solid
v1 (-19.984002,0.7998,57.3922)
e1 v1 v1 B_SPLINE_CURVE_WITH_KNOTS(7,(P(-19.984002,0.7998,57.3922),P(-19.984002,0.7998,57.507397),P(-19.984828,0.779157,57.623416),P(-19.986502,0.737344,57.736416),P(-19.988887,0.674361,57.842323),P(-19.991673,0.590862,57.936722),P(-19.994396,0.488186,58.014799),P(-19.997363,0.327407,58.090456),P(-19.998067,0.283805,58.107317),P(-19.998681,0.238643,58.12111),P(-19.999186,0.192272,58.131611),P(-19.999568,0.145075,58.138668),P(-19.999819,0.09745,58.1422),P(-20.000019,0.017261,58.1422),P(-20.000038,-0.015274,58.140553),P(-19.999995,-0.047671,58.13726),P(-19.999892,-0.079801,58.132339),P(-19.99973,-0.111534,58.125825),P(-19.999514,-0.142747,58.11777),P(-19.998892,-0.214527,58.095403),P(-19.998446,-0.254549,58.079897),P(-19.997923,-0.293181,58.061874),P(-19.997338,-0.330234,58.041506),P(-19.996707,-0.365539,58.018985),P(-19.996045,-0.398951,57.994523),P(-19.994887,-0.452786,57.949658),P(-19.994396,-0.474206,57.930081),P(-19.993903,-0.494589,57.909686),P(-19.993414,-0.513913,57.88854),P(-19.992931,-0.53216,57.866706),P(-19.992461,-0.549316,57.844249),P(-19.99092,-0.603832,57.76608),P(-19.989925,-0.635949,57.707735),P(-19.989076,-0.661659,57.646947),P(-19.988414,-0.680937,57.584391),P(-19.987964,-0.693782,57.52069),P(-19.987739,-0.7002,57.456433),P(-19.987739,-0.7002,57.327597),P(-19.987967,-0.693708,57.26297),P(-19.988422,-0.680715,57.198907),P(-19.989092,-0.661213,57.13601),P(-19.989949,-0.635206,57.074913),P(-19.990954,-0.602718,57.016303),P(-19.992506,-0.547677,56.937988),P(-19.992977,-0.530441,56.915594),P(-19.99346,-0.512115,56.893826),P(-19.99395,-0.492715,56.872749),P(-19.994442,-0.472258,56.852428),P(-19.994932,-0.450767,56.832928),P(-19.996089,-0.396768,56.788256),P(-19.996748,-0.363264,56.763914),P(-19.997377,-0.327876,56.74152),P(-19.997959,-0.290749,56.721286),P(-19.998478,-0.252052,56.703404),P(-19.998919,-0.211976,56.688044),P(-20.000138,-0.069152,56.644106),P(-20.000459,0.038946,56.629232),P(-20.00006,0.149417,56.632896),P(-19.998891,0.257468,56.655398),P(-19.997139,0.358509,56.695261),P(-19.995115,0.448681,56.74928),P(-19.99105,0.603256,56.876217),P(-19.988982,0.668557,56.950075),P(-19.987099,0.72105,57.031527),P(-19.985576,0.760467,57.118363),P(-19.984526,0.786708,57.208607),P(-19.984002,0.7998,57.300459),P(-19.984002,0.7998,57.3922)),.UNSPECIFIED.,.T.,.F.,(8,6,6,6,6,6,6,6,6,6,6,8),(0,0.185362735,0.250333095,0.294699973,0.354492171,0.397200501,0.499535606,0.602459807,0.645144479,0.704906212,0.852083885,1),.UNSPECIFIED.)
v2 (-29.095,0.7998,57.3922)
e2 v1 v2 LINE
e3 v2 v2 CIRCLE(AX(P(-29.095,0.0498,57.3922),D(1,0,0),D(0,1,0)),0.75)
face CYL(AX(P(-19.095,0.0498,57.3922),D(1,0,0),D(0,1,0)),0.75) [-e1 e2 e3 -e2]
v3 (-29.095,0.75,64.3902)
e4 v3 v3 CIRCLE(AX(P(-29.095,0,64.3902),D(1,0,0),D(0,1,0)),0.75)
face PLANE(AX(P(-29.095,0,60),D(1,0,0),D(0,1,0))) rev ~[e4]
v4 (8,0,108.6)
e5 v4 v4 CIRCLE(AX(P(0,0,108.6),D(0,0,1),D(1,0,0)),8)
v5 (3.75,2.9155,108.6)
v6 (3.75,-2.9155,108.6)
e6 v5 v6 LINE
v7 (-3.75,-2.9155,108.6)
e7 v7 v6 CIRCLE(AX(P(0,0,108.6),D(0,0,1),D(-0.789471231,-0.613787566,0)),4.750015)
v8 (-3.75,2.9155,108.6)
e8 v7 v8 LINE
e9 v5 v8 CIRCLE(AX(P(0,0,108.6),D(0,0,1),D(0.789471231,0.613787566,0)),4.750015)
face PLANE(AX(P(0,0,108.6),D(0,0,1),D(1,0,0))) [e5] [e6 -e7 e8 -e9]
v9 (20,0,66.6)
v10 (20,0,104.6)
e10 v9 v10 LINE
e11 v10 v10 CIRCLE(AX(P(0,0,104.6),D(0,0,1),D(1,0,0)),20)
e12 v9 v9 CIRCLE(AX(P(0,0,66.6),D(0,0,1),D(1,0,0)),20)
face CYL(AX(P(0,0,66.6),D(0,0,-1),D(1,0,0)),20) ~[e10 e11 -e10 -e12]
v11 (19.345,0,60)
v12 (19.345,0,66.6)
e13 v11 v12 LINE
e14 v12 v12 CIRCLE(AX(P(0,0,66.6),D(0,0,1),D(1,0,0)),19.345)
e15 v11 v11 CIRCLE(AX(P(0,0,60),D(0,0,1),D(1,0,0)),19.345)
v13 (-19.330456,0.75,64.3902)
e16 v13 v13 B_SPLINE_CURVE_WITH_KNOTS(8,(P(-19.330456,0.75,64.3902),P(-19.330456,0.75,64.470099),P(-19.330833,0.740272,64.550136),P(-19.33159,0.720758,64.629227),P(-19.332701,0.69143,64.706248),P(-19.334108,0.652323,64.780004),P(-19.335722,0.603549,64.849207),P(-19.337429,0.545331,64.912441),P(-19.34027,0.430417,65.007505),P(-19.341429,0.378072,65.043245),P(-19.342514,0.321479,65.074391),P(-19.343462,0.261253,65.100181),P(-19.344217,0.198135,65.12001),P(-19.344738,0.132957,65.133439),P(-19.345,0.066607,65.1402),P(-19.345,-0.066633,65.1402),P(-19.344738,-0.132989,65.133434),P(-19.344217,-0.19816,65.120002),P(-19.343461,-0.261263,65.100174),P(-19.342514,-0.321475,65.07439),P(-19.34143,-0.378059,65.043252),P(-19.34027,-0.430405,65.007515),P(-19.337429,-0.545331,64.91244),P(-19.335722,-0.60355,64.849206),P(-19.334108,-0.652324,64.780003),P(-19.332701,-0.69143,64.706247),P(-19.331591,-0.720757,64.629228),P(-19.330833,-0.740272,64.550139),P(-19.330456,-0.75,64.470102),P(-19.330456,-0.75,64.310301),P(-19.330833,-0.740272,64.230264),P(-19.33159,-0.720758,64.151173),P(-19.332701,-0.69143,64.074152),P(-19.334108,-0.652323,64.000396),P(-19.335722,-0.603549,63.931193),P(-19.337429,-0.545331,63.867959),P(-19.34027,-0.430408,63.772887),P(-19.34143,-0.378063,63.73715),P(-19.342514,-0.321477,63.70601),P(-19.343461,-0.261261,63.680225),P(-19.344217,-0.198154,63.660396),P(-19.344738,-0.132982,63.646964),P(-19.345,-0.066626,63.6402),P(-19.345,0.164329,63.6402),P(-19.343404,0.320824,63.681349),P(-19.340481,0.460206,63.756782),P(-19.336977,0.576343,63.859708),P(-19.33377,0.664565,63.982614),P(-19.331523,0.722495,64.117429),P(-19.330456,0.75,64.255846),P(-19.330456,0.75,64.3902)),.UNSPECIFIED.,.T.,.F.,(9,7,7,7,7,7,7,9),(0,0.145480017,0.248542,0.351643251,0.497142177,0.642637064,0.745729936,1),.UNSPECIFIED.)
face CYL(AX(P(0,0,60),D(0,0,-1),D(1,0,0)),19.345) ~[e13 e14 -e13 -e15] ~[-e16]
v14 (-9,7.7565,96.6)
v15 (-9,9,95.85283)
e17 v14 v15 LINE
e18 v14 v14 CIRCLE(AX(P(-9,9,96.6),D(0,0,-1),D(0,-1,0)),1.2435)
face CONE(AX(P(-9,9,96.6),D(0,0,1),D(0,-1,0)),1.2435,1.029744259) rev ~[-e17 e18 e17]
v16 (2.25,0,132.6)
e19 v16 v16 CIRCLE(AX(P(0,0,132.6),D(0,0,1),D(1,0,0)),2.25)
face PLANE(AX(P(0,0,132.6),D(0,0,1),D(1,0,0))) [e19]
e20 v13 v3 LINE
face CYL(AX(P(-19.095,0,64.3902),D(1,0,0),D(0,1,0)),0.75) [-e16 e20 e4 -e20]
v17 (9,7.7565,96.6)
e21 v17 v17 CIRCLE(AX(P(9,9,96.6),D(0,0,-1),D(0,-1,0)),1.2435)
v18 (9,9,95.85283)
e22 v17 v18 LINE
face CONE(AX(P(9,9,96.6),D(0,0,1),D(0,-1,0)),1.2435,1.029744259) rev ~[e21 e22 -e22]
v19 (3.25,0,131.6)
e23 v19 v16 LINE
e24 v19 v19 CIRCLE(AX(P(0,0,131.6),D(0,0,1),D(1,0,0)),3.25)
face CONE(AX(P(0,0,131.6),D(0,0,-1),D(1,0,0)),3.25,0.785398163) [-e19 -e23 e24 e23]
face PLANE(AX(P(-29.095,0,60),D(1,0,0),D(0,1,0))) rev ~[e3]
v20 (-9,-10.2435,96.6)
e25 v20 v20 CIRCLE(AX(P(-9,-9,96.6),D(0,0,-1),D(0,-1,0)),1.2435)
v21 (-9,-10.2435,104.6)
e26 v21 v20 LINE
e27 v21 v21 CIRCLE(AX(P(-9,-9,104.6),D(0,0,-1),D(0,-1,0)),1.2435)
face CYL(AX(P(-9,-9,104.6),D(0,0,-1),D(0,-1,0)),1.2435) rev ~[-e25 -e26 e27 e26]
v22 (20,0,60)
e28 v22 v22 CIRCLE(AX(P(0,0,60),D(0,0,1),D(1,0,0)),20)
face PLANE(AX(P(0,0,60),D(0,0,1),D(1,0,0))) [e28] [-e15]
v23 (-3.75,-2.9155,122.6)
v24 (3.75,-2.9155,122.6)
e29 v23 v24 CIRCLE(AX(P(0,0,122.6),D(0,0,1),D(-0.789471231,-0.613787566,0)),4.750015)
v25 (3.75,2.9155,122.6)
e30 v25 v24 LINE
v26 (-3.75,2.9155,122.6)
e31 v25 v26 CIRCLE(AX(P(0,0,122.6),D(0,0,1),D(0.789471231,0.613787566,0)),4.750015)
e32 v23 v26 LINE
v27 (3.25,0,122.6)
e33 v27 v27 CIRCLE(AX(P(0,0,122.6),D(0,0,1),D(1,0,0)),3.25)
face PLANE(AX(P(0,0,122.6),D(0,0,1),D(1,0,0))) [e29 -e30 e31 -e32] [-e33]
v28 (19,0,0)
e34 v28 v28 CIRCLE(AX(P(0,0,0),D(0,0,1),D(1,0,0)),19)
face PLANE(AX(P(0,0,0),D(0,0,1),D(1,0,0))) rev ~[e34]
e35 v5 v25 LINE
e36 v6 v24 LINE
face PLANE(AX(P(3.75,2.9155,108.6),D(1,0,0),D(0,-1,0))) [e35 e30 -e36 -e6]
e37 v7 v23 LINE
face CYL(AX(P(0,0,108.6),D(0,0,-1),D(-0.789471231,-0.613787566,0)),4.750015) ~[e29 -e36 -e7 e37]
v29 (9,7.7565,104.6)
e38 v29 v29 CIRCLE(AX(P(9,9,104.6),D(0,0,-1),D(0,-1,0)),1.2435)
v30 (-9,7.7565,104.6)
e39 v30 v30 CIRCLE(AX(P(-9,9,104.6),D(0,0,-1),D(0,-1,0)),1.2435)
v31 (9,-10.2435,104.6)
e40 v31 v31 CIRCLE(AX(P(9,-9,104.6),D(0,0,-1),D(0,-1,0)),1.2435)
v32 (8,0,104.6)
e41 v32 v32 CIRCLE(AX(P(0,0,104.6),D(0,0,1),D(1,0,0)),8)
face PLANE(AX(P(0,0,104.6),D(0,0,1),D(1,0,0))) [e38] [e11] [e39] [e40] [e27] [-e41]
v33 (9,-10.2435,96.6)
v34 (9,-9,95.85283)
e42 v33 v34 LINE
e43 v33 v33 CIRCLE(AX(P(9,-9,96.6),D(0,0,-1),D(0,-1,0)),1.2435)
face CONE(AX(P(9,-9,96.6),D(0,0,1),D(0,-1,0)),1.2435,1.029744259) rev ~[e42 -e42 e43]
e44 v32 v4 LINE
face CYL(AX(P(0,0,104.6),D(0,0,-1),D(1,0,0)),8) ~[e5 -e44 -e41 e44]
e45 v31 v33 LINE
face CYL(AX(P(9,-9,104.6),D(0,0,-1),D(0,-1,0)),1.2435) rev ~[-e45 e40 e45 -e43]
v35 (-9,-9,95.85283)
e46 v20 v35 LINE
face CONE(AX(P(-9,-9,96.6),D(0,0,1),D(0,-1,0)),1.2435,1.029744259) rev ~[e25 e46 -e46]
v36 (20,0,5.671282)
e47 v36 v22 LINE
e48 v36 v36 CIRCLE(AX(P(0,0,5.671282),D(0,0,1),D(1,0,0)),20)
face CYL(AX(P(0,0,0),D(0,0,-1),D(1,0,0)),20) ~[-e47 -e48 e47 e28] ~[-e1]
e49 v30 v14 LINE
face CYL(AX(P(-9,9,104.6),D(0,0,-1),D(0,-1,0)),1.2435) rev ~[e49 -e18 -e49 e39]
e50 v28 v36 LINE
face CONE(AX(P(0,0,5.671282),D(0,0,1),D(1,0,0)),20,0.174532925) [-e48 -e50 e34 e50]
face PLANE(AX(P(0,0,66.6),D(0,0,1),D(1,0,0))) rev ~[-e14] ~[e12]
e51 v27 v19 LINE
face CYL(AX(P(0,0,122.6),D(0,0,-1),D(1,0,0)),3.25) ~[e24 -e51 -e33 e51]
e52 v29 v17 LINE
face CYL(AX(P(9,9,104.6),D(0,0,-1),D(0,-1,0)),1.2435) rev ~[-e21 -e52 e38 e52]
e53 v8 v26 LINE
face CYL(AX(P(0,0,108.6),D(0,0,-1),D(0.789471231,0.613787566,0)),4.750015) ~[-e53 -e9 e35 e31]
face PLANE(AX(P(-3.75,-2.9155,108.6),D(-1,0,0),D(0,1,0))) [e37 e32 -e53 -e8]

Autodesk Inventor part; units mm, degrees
ref_plane "YZ Plane" through (0, 0, 0) normal (1, 0, 0) x (0, 1, 0)
sketch "Sketch1" plane through (0, 0, 0) normal (0, 0, 1) x (1, 0, 0)
  circle A0 centre (0, 0) radius 20
  dimension "d0" = 40
extrude "Extrusion1" add sketch "Sketch1" along normal blind 60
sketch "Sketch2" plane through (0, 0, 60) normal (0, 0, 1) x (1, 0, 0)
  circle A0 centre (0, 0) radius 20 projected
  circle A1 centre (0, 0) radius 19.345
extrude "Extrusion2" add sketch "Sketch2" along normal blind 6.6 contours A1
sketch "Sketch3" plane through (0, 0, 66.6) normal (0, 0, 1) x (1, 0, 0)
  circle A0 centre (0, 0) radius 19.345 projected
  circle A1 centre (0, 0) radius 20
  dimension "d5" = 40
extrude "Extrusion3" add sketch "Sketch3" along normal blind 38 contours A0 | A1
sketch "Sketch4" plane through (0, 0, 104.6) normal (0, 0, 1) x (1, 0, 0)
  circle A0 centre (0, 0) radius 20 projected
  circle A1 centre (0, 0) radius 8
  dimension "d8" = 16
extrude "Extrusion4" add sketch "Sketch4" along normal blind 4 contours A1
sketch "Sketch5" plane through (0, 0, 108.6) normal (0, 0, 1) x (1, 0, 0)
  circle A0 centre (0, 0) radius 8 projected
  line L0 (3.75, 2.9155) -> (3.75, -2.9155)
  line L1 (-3.75, -2.9155) -> (-3.75, 2.9155)
  arc A1 (-3.75, -2.9155) -> (3.75, -2.9155) centre (0, 0) ccw
  arc A2 (3.75, 2.9155) -> (-3.75, 2.9155) centre (0, 0) ccw
  point P0 (-3.75, 0)
  point P1 (0, 5.9024)
  dimension "d13" = 4.75
  dimension "d14" = 4.75
  dimension "d15" = 7.5
  dimension "d16" = 3.75
  dimension "d17" = 7.5
  dimension "d18" = 5.9024
extrude "Extrusion5" add sketch "Sketch5" along normal blind 14 contours L0 A1 L1 A2
sketch "Sketch6" plane through (0, 0, 122.6) normal (0, 0, 1) x (1, 0, 0)
  line L0 (3.75, 2.9155) -> (3.75, -2.9155) projected
  arc A0 (3.75, 2.9155) -> (-3.75, 2.9155) centre (0, 0) ccw projected
  line L1 (-3.75, -2.9155) -> (-3.75, 2.9155) projected
  arc A1 (-3.75, -2.9155) -> (3.75, -2.9155) centre (0, 0) ccw projected
  circle A2 centre (0, 0) radius 3.25
  dimension "d21" = 6.5
extrude "Extrusion6" add sketch "Sketch6" along normal blind 10 contours A2
chamfer "Chamfer1" distance 1 angle 45 1 edges at (-3.25, 0, 132.6)
chamfer "Chamfer2" distance 1 angle 80 1 edges at (-20, 0, 0) measured on face at (-2.364, 6.2334, 0)
ref_plane "Work Plane1" through (-19.345, 0, 60) normal (1, 0, 0) x (0, 1, 0)
ref_plane "Work Plane2" through (-19.095, 0, 60) normal (1, 0, 0) x (0, 1, 0)
sketch "Sketch8" plane through (-19.095, 0, 60) normal (1, 0, 0) x (0, 1, 0)
  circle A0 centre (0.0498, -2.6078) radius 0.75
  circle A1 centre (0, 4.3902) radius 0.75
  dimension "d31" = 1.5
  dimension "d32" = 1.5
extrude "Extrusion7" add sketch "Sketch8" against normal blind 10
sketch "Sketch9" plane through (0, 0, 104.6) normal (0, 0, 1) x (1, 0, 0)
  circle A0 centre (0, 0) radius 8 projected
  circle A1 centre (0, 0) radius 20 projected
  line L0 (-9, 9) -> (9, 9)
  line L1 (9, 9) -> (9, -9)
  line L2 (9, -9) -> (-9, -9)
  line L3 (-9, -9) -> (-9, 9)
  point P0 (0, 9)
  point P1 (-9, 0)
  dimension "d35" = 18
  dimension "d36" = 18
hole "Hole1" at (-9, 9, 104.6) at (9, 9, 104.6) at (9, -9, 104.6) at (-9, -9, 104.6) direction (0, 0, -1) diameter 2.487 depth 8 tip angle 118 thread size "5-40 UNC" class "2B" standard "ANSI Unified Screw Threads"
equation "\"d32\" = d31"
equation "\"d36\" = d35"
properties part number "409A587"
